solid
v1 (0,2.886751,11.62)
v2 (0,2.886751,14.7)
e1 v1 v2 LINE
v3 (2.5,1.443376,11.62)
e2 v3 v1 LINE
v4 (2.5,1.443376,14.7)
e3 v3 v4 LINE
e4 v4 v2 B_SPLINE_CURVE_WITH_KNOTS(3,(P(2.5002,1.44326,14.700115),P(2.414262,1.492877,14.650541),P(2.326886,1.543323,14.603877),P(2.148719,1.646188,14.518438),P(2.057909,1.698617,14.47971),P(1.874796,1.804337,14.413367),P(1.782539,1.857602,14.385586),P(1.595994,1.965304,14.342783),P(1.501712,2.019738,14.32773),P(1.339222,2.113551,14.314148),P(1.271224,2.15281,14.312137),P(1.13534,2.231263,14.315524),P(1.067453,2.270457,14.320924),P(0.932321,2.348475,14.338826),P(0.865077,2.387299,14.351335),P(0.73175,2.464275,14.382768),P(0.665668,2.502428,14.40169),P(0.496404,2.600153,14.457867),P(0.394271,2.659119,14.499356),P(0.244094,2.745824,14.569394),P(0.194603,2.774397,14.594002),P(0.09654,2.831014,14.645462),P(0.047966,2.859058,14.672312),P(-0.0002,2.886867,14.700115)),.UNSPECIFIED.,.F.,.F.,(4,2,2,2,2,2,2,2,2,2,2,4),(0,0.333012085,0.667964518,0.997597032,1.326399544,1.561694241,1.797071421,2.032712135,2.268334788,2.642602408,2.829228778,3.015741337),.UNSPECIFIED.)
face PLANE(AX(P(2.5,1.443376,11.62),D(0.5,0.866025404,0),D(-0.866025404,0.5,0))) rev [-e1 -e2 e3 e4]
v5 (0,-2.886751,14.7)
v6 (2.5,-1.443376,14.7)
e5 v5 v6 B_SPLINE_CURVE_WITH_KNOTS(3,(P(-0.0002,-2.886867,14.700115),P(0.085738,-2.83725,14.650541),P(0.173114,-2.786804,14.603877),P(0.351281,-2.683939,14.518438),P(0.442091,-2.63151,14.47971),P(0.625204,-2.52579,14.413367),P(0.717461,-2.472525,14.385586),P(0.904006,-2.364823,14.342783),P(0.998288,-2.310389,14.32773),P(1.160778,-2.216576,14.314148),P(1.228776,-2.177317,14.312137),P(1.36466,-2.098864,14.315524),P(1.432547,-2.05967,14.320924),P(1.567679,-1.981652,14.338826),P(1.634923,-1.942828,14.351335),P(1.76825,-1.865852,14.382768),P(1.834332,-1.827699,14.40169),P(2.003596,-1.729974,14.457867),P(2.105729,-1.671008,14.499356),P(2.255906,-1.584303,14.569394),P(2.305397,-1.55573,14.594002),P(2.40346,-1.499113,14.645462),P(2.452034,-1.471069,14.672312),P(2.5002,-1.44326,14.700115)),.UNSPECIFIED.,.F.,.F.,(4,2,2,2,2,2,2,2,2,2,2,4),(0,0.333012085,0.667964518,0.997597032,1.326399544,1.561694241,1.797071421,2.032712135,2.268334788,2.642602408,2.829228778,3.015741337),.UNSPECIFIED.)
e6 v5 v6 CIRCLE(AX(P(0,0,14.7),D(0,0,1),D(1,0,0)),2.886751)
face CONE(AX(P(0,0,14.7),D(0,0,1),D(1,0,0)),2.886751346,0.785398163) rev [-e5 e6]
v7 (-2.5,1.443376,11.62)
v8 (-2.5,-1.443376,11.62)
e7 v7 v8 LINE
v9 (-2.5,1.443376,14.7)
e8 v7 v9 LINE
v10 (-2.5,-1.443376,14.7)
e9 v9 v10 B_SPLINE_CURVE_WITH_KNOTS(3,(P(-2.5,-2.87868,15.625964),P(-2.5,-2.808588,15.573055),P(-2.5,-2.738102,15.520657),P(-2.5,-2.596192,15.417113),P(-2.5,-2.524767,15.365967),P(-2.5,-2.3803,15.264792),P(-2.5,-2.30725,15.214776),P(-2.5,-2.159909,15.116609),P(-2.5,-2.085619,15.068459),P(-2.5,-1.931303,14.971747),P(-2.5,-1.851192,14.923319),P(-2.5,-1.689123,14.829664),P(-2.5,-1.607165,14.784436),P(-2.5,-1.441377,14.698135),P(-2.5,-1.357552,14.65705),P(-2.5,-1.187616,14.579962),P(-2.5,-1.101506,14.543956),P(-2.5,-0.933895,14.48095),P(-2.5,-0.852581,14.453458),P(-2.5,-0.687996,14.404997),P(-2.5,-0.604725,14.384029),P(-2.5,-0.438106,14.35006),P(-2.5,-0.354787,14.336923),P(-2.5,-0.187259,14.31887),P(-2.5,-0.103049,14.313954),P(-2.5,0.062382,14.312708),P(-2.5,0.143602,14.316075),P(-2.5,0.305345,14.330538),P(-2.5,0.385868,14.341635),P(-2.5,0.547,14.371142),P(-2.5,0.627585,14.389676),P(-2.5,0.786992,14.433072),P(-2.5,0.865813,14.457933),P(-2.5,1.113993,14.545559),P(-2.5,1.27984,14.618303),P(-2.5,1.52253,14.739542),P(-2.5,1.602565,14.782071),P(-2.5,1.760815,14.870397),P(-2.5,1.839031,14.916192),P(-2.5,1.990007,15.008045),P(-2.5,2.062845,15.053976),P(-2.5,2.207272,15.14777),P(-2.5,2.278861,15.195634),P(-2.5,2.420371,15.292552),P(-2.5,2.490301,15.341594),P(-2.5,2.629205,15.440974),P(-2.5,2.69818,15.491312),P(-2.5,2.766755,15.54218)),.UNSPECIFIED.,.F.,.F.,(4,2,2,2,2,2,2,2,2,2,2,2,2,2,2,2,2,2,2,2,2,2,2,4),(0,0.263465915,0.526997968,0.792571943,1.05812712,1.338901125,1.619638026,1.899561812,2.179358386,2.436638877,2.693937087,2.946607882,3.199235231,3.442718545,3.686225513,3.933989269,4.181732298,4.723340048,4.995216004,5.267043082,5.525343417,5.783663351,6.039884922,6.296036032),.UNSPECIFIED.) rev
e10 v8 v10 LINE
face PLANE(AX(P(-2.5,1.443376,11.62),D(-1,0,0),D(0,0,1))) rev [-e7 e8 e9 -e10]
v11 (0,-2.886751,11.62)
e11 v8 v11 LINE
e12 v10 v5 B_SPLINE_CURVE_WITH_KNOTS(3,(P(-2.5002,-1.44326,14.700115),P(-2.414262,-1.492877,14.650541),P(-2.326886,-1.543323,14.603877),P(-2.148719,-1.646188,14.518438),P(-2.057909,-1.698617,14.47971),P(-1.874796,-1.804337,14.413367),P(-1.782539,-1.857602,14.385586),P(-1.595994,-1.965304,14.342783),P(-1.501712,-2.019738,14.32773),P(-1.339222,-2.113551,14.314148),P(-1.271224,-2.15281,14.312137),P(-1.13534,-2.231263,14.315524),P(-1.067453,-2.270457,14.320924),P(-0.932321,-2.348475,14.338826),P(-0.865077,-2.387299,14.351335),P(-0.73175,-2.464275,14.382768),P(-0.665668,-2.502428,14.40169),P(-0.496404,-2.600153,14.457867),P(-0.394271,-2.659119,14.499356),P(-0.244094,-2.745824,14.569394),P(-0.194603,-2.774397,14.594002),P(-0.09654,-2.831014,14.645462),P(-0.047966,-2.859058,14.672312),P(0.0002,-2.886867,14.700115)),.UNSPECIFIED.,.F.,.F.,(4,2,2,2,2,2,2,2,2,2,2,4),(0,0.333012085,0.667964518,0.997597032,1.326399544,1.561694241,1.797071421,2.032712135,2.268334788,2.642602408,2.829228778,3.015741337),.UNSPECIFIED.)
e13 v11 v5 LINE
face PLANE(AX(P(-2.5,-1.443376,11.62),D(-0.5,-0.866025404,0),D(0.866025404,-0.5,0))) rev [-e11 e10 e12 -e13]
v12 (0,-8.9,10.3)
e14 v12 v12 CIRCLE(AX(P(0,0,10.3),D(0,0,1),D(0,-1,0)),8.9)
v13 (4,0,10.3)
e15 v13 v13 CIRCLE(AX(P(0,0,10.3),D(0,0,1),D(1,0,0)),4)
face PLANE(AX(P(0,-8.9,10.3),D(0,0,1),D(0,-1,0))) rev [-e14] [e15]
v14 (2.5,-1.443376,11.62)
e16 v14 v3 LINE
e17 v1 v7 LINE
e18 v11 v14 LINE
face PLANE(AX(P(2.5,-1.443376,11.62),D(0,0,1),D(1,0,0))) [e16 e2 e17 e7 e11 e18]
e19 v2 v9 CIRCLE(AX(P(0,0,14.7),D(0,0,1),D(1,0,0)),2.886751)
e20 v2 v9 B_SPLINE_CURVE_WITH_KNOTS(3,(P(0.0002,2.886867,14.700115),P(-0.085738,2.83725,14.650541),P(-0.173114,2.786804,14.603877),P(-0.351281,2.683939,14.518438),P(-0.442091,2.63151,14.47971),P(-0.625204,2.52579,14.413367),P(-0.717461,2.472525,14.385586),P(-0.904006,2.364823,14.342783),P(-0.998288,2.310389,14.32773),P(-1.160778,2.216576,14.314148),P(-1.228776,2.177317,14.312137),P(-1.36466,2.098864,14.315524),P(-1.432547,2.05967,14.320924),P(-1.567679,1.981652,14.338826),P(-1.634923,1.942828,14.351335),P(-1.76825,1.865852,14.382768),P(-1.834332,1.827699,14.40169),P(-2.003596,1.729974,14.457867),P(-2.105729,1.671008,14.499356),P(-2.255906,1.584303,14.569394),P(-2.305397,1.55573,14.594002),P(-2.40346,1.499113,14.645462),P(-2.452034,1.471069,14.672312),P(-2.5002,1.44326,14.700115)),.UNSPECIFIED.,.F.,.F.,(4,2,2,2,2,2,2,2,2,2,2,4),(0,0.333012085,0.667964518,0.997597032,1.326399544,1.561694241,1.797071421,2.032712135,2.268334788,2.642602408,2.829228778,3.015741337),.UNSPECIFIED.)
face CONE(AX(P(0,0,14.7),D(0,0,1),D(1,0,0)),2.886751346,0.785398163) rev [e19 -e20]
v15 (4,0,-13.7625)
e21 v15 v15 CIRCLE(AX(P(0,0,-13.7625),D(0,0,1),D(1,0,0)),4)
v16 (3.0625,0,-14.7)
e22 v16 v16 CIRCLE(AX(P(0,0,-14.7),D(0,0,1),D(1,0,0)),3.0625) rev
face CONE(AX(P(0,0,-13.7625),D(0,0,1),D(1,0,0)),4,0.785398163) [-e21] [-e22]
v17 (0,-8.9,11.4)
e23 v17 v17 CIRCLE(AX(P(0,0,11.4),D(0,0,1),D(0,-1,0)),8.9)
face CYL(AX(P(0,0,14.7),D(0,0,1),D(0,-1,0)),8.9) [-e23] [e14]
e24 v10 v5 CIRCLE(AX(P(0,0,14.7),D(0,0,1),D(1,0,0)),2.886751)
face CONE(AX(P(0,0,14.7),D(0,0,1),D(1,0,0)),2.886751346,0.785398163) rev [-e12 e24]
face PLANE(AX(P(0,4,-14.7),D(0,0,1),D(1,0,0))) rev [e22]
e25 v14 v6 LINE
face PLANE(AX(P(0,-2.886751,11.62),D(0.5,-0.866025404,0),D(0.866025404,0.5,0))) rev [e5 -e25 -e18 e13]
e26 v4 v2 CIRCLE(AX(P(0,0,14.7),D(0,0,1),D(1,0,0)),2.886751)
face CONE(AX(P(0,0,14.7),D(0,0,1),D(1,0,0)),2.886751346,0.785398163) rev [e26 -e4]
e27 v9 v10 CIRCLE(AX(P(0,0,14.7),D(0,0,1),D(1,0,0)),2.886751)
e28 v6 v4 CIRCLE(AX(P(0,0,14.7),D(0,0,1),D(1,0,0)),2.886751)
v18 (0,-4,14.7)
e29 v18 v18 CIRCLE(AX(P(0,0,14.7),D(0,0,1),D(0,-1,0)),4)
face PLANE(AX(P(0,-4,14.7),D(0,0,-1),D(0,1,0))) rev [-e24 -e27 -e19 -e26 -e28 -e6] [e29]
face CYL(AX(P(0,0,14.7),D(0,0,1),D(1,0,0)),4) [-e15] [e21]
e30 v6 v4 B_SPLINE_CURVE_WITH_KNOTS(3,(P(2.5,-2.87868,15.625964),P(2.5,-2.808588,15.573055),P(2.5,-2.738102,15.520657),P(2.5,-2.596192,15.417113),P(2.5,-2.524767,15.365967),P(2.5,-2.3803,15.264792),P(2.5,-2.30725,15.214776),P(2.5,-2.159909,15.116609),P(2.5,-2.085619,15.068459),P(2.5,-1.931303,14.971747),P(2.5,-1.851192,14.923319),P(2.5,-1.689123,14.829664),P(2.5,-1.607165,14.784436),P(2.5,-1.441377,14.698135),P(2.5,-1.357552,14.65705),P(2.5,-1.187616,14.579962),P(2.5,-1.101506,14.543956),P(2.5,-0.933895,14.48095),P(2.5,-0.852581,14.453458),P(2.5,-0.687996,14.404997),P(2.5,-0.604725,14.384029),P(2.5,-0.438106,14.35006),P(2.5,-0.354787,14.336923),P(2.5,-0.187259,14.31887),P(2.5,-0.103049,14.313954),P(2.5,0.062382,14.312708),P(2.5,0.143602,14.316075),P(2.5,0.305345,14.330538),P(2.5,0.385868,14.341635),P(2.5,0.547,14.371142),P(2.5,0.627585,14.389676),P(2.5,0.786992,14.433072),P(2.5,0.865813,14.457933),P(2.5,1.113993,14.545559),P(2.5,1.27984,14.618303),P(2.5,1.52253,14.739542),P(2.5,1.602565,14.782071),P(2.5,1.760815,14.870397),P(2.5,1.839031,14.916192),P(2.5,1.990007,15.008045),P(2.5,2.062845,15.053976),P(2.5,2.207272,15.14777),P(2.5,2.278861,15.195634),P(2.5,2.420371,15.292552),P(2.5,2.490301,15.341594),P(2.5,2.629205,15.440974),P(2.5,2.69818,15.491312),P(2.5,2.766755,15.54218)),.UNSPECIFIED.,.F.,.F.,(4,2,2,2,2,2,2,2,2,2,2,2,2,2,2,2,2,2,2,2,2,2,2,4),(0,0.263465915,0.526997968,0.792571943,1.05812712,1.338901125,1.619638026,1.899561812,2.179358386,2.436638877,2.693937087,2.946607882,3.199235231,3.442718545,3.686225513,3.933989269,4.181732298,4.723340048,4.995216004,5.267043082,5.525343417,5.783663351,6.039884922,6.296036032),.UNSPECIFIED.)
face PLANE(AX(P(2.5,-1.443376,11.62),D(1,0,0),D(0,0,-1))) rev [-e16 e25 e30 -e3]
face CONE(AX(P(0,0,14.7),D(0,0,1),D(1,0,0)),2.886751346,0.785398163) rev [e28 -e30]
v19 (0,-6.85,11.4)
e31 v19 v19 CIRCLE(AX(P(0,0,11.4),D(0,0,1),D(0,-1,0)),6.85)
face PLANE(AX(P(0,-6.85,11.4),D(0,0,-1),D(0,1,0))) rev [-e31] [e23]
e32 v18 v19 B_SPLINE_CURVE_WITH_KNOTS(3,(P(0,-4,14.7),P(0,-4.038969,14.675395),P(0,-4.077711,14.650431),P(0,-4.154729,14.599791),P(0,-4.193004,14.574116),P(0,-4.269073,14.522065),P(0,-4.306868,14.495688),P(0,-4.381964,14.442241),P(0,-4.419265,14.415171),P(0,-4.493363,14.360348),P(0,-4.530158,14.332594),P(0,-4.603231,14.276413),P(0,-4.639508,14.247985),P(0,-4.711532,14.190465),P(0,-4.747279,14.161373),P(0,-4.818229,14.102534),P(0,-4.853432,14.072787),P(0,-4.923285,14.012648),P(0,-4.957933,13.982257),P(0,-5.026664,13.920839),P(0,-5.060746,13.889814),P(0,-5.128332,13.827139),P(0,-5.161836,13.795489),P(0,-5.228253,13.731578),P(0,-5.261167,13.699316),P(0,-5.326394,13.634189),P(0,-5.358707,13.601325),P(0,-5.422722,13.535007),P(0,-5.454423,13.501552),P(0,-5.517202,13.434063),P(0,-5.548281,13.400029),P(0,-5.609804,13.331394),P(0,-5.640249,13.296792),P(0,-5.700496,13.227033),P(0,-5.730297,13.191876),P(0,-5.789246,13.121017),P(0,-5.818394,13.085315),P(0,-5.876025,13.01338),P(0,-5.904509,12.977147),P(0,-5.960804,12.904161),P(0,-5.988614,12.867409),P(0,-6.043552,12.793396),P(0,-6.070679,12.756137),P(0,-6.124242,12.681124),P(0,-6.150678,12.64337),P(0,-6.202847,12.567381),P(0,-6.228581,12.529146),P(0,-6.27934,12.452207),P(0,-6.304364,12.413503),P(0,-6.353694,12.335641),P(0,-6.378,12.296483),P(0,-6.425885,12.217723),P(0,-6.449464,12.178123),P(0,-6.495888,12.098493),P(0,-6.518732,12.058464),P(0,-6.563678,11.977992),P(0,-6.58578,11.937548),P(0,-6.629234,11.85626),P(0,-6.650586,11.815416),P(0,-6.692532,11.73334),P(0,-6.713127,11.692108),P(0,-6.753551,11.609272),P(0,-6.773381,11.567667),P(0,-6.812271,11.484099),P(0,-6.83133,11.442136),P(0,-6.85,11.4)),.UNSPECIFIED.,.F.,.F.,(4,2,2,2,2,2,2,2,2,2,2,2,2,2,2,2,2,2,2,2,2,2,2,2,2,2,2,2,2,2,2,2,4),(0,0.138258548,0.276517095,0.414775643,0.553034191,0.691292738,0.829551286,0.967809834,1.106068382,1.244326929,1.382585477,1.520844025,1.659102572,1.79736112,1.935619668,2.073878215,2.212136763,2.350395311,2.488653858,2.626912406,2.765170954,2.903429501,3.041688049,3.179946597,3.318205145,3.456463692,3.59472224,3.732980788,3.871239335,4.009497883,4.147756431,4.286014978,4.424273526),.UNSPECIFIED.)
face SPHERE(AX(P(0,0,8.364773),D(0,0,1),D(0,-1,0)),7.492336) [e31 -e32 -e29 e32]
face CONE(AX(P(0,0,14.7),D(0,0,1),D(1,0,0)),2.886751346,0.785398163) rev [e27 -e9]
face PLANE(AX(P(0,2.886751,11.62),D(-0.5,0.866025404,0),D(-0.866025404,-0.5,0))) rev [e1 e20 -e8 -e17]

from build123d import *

# Parameters (mm, degrees)
SKETCH13_W         = 25
SKETCH13_H         = 4
CHAMFER1_SIZE      = 0.9375
CUT_EXTRUDE2_DEPTH = 3.08


with BuildPart() as part:
    # Sketch13 → Revolve1 (revolve)
    with BuildSketch(Plane(origin=(0, 0, 0), x_dir=(0, 0, -1), z_dir=(1, 0, 0))):
        with Locations((2.2, 2)):
            Rectangle(SKETCH13_W, SKETCH13_H)
    revolve(axis=Axis((0, 0, 14.7), (0, 0, -1)))

    # Chamfer1
    chamfer1_edges = [part.edges().sort_by_distance(p)[0] for p in [
        (0, -4, -14.7),
    ]]
    chamfer(chamfer1_edges, length=CHAMFER1_SIZE)

    # Sketch7 → Revolve2 (revolve)
    with BuildSketch(Plane(origin=(0, 0, 0), x_dir=(0, 0, -1), z_dir=(1, 0, 0))):
        with BuildLine():
            Line((-10.3, 6.85), (-10.3, 0))
            Line((-10.3, 0), (-14.7, 0))
            Line((-14.7, 0), (-14.7, 4))
            ThreePointArc((-14.7, 4), (-13.261912668, 5.670372563), (-11.4, 6.85))
            Line((-11.4, 6.85), (-11.4, 8.9))
            Line((-11.4, 8.9), (-10.3, 8.9))
            Line((-10.3, 8.9), (-10.3, 6.85))
        make_face()
    revolve(axis=Axis((0, 0, 14.7), (0, 0, -1)))

    # Sketch5 → Cut-Extrude2 (cut)
    with BuildSketch(Plane.XY.offset(14.7)):
        Polygon((2.5, -1.443375673), (2.5, 1.443375673), (0, 2.886751346), (-2.5, 1.443375673), (-2.5, -1.443375673), (0, -2.886751346), align=None)
    extrude(amount=-CUT_EXTRUDE2_DEPTH, mode=Mode.SUBTRACT)

    # Cut-Extrude3 cone 1 section (through the dimple's axis) → Cut-Extrude3 (revolve, cut)
    with BuildSketch(Plane(origin=(0, 0, 14.7), x_dir=(0, -1, 0), z_dir=(1, 0, 0))):
        Polygon((0, 0), (2.886751346, 0), (0, 2.886751346), align=None)
    revolve(axis=Axis((0, 0, 14.7), (0, 0, -1)), mode=Mode.SUBTRACT)


solid = part.part
